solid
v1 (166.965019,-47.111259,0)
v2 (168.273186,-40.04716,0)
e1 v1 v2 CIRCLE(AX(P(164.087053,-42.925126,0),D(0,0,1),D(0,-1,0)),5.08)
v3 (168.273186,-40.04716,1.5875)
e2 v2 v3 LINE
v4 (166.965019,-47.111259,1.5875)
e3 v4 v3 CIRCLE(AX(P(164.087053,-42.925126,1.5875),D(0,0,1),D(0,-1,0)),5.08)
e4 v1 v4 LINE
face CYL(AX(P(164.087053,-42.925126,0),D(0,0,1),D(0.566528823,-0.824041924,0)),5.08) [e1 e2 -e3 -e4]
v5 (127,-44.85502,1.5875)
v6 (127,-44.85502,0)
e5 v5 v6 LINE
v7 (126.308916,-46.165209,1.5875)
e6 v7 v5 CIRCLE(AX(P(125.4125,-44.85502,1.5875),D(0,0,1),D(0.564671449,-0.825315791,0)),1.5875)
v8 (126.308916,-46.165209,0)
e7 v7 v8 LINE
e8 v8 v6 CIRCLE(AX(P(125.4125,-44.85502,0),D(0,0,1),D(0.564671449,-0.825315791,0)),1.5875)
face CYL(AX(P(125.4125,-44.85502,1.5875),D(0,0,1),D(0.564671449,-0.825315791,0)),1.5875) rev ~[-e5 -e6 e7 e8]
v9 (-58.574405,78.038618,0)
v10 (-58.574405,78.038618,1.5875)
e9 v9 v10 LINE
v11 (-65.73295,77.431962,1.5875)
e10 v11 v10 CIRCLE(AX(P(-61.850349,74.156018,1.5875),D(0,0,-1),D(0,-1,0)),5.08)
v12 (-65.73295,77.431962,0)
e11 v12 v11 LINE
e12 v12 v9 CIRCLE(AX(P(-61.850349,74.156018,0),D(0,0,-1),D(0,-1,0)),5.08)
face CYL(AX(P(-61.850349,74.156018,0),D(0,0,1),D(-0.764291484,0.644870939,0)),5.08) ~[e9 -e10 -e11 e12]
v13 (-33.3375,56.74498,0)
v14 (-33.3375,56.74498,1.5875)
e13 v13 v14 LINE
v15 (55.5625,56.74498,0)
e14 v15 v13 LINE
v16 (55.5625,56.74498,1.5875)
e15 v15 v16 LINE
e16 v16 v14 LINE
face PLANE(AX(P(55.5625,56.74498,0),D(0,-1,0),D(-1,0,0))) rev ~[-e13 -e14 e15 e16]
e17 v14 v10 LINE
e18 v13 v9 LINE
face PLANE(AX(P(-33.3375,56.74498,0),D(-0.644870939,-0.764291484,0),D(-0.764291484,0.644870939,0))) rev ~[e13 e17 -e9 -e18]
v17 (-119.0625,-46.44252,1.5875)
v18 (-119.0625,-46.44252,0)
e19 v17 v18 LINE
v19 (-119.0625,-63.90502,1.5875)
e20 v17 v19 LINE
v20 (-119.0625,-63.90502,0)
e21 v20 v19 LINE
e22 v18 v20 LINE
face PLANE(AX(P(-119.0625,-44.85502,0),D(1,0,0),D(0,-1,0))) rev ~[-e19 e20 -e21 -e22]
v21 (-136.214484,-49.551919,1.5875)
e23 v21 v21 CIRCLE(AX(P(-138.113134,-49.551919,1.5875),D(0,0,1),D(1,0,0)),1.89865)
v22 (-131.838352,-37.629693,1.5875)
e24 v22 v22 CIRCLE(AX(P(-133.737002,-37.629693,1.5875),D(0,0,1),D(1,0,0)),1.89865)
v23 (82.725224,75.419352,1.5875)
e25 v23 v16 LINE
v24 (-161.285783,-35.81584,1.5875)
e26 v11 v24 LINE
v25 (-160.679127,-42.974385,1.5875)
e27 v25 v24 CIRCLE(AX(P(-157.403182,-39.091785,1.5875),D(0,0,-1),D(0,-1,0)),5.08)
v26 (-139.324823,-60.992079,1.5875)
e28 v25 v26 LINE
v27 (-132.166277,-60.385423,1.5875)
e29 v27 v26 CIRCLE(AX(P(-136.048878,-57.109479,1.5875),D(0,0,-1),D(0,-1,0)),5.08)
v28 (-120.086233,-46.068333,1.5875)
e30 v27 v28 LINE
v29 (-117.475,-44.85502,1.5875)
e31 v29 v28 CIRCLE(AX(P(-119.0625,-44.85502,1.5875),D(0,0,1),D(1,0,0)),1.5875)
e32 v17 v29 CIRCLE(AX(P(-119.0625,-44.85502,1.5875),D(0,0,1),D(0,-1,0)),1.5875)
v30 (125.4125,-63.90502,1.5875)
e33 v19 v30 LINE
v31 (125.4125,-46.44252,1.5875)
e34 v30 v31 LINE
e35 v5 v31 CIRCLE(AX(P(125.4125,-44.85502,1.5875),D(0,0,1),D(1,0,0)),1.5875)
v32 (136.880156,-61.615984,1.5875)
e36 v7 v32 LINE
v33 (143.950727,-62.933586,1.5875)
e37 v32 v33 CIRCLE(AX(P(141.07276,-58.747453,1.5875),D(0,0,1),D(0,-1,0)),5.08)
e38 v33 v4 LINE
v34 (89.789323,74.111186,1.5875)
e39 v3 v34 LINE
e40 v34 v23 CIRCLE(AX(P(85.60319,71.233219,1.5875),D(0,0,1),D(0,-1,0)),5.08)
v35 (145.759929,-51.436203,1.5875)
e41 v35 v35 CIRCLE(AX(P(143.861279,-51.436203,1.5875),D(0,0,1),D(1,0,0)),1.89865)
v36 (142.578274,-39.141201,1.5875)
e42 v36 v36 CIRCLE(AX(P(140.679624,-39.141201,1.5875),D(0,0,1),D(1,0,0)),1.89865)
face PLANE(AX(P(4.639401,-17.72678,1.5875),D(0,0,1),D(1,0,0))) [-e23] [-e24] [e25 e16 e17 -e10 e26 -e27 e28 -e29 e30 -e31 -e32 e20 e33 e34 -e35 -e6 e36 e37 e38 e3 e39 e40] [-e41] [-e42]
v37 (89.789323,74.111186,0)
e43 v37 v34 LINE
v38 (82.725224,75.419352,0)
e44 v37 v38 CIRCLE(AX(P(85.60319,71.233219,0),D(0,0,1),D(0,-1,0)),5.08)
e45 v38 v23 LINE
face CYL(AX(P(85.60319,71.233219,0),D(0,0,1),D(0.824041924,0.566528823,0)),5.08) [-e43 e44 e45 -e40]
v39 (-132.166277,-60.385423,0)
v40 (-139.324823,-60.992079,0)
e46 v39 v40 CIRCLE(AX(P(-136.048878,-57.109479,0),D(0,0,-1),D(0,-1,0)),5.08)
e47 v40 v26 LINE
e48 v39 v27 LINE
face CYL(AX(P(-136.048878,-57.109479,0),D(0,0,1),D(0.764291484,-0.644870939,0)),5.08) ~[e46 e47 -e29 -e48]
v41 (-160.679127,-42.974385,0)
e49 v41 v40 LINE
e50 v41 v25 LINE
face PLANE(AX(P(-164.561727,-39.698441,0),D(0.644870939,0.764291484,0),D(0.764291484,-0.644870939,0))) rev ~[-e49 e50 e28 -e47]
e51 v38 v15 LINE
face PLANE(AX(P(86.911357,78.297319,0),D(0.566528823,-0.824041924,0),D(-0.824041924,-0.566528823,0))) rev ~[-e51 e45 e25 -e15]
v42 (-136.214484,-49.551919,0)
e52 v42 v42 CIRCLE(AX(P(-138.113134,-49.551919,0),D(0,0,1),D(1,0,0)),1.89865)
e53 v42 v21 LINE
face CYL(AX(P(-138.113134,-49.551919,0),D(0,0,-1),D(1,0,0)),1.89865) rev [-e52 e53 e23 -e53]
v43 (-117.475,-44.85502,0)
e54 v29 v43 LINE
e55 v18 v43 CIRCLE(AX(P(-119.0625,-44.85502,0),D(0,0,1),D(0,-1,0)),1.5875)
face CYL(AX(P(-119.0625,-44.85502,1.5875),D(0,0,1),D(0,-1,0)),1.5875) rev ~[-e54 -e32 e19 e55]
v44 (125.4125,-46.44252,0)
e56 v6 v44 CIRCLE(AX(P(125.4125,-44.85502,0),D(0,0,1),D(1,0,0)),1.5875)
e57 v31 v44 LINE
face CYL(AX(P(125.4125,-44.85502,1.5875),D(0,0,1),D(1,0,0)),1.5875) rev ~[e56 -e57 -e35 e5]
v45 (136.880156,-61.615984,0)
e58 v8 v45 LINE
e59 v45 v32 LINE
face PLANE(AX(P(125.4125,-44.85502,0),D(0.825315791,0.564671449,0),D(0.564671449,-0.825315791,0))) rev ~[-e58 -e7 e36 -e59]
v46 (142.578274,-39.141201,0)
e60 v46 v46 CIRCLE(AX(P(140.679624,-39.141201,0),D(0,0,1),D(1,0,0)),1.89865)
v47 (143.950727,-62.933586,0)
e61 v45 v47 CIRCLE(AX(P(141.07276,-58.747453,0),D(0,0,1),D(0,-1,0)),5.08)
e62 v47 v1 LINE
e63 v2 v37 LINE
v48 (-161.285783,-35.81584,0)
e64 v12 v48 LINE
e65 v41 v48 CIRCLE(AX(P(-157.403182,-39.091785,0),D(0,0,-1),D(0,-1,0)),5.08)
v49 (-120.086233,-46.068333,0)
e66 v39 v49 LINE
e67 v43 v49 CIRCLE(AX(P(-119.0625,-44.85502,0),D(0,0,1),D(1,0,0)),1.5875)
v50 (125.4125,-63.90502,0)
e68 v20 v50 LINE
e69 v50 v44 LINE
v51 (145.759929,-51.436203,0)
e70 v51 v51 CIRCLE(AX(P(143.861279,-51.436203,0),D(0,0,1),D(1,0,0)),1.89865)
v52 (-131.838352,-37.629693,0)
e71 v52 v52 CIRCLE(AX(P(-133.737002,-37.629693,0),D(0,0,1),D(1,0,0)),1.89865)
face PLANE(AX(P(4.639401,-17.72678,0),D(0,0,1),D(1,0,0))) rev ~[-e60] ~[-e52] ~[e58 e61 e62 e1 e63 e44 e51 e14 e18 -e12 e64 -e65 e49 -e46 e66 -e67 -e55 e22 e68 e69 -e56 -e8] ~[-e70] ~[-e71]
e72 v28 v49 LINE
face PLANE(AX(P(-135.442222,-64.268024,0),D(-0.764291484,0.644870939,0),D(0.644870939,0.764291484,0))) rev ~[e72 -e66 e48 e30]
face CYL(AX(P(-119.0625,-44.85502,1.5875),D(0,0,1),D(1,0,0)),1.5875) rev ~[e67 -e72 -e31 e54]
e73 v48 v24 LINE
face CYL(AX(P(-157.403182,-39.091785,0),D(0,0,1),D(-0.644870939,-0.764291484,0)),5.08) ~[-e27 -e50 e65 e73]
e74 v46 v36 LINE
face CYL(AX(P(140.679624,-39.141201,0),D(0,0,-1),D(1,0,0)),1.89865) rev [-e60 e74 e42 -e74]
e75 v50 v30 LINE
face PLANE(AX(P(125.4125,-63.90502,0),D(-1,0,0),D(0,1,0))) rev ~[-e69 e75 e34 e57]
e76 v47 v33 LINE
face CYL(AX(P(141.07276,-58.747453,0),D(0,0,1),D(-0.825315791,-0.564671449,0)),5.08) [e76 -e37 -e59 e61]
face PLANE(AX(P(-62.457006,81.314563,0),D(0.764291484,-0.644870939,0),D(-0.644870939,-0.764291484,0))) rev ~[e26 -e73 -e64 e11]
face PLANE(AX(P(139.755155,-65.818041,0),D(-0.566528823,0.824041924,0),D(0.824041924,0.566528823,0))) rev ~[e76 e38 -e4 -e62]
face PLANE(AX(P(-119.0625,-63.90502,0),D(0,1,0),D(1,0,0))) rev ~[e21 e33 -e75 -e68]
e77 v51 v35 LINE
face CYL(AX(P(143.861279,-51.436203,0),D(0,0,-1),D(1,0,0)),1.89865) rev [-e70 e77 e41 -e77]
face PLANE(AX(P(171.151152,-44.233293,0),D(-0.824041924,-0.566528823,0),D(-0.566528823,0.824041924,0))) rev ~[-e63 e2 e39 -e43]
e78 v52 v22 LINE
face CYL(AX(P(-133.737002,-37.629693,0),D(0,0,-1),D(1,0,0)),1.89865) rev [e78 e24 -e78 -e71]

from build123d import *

# Parameters (mm, degrees)
F0_R     = 1.89865
F1_DEPTH = 1.5875
F2_R     = 5.08
F4_DEPTH = 1.5875


with BuildPart() as f1:
    # F0 (on Top) → F1 (new body)
    with BuildSketch(Plane.XY):
        Polygon((-33.3375, 56.7449798869), (-119.0625, -44.8550201131), (-119.0625, -63.9050201131), (125.4125, -63.9050201131), (125.4125, -44.8550201131), (55.5625, 56.7449798869), (46.0375, 56.7449798869), (17.4625, 56.7449798869), (0, 56.7449798869), align=None)
        Polygon((-135.4422218559, -64.2680237942), (-119.0625, -44.8550201131), (-33.3375, 56.7449798869), (-62.4570055217, 81.3145626708), (-164.5617273776, -39.6984410103), align=None)
        with Locations((-138.1131343099, -49.5519186622)):
            Circle(F0_R, mode=Mode.SUBTRACT)
        with Locations((-133.7370015814, -37.6296931006)):
            Circle(F0_R, mode=Mode.SUBTRACT)
        Polygon((55.5625, 56.7449798869), (125.4125, -44.8550201131), (139.7551548144, -65.8180411948), (171.1511521264, -44.2332930428), (86.9113565218, 78.2973187457), align=None)
        with Locations((143.8612788229, -51.4362030224)):
            Circle(F0_R, mode=Mode.SUBTRACT)
        with Locations((140.6796238031, -39.1412011381)):
            Circle(F0_R, mode=Mode.SUBTRACT)
    extrude(amount=F1_DEPTH)

    # F2
    f2_edges = [f1.edges().sort_by_distance(p)[0] for p in [
        (-164.561727, -39.698441, 0.79375),
        (-135.442222, -64.268024, 0.79375),
        (139.755155, -65.818041, 0.79375),
        (171.151152, -44.233293, 0.79375),
        (86.911357, 78.297319, 0.79375),
        (-62.457006, 81.314563, 0.79375),
    ]]
    fillet(f2_edges, radius=F2_R)

    # F3 (on face) → F4 (cut, through all)
    with BuildSketch(Plane.XY.offset(1.5875)):
        with BuildLine():
            ThreePointArc((127, -44.8550201131), (124.2899679849, -43.7324880979), (125.4125, -46.4425201131))
            Line((125.4125, -46.4425201131), (125.4125, -44.8550201131))
            Line((125.4125, -44.8550201131), (126.3089159259, -46.1652089307))
            ThreePointArc((126.3089159259, -46.1652089307), (126.816639689, -45.5956603657), (127, -44.8550201131))
        make_face()
        with BuildLine():
            ThreePointArc((-119.0625, -46.4425201131), (-117.9399679849, -45.9775521282), (-117.475, -44.8550201131))
            ThreePointArc((-117.475, -44.8550201131), (-119.7314472035, -43.4153444937), (-120.086232616, -46.0683328431))
            Line((-120.086232616, -46.0683328431), (-119.0625, -44.8550201131))
            Line((-119.0625, -44.8550201131), (-119.0625, -46.4425201131))
        make_face()
    extrude(amount=-F4_DEPTH, mode=Mode.SUBTRACT)


solid = f1.part
